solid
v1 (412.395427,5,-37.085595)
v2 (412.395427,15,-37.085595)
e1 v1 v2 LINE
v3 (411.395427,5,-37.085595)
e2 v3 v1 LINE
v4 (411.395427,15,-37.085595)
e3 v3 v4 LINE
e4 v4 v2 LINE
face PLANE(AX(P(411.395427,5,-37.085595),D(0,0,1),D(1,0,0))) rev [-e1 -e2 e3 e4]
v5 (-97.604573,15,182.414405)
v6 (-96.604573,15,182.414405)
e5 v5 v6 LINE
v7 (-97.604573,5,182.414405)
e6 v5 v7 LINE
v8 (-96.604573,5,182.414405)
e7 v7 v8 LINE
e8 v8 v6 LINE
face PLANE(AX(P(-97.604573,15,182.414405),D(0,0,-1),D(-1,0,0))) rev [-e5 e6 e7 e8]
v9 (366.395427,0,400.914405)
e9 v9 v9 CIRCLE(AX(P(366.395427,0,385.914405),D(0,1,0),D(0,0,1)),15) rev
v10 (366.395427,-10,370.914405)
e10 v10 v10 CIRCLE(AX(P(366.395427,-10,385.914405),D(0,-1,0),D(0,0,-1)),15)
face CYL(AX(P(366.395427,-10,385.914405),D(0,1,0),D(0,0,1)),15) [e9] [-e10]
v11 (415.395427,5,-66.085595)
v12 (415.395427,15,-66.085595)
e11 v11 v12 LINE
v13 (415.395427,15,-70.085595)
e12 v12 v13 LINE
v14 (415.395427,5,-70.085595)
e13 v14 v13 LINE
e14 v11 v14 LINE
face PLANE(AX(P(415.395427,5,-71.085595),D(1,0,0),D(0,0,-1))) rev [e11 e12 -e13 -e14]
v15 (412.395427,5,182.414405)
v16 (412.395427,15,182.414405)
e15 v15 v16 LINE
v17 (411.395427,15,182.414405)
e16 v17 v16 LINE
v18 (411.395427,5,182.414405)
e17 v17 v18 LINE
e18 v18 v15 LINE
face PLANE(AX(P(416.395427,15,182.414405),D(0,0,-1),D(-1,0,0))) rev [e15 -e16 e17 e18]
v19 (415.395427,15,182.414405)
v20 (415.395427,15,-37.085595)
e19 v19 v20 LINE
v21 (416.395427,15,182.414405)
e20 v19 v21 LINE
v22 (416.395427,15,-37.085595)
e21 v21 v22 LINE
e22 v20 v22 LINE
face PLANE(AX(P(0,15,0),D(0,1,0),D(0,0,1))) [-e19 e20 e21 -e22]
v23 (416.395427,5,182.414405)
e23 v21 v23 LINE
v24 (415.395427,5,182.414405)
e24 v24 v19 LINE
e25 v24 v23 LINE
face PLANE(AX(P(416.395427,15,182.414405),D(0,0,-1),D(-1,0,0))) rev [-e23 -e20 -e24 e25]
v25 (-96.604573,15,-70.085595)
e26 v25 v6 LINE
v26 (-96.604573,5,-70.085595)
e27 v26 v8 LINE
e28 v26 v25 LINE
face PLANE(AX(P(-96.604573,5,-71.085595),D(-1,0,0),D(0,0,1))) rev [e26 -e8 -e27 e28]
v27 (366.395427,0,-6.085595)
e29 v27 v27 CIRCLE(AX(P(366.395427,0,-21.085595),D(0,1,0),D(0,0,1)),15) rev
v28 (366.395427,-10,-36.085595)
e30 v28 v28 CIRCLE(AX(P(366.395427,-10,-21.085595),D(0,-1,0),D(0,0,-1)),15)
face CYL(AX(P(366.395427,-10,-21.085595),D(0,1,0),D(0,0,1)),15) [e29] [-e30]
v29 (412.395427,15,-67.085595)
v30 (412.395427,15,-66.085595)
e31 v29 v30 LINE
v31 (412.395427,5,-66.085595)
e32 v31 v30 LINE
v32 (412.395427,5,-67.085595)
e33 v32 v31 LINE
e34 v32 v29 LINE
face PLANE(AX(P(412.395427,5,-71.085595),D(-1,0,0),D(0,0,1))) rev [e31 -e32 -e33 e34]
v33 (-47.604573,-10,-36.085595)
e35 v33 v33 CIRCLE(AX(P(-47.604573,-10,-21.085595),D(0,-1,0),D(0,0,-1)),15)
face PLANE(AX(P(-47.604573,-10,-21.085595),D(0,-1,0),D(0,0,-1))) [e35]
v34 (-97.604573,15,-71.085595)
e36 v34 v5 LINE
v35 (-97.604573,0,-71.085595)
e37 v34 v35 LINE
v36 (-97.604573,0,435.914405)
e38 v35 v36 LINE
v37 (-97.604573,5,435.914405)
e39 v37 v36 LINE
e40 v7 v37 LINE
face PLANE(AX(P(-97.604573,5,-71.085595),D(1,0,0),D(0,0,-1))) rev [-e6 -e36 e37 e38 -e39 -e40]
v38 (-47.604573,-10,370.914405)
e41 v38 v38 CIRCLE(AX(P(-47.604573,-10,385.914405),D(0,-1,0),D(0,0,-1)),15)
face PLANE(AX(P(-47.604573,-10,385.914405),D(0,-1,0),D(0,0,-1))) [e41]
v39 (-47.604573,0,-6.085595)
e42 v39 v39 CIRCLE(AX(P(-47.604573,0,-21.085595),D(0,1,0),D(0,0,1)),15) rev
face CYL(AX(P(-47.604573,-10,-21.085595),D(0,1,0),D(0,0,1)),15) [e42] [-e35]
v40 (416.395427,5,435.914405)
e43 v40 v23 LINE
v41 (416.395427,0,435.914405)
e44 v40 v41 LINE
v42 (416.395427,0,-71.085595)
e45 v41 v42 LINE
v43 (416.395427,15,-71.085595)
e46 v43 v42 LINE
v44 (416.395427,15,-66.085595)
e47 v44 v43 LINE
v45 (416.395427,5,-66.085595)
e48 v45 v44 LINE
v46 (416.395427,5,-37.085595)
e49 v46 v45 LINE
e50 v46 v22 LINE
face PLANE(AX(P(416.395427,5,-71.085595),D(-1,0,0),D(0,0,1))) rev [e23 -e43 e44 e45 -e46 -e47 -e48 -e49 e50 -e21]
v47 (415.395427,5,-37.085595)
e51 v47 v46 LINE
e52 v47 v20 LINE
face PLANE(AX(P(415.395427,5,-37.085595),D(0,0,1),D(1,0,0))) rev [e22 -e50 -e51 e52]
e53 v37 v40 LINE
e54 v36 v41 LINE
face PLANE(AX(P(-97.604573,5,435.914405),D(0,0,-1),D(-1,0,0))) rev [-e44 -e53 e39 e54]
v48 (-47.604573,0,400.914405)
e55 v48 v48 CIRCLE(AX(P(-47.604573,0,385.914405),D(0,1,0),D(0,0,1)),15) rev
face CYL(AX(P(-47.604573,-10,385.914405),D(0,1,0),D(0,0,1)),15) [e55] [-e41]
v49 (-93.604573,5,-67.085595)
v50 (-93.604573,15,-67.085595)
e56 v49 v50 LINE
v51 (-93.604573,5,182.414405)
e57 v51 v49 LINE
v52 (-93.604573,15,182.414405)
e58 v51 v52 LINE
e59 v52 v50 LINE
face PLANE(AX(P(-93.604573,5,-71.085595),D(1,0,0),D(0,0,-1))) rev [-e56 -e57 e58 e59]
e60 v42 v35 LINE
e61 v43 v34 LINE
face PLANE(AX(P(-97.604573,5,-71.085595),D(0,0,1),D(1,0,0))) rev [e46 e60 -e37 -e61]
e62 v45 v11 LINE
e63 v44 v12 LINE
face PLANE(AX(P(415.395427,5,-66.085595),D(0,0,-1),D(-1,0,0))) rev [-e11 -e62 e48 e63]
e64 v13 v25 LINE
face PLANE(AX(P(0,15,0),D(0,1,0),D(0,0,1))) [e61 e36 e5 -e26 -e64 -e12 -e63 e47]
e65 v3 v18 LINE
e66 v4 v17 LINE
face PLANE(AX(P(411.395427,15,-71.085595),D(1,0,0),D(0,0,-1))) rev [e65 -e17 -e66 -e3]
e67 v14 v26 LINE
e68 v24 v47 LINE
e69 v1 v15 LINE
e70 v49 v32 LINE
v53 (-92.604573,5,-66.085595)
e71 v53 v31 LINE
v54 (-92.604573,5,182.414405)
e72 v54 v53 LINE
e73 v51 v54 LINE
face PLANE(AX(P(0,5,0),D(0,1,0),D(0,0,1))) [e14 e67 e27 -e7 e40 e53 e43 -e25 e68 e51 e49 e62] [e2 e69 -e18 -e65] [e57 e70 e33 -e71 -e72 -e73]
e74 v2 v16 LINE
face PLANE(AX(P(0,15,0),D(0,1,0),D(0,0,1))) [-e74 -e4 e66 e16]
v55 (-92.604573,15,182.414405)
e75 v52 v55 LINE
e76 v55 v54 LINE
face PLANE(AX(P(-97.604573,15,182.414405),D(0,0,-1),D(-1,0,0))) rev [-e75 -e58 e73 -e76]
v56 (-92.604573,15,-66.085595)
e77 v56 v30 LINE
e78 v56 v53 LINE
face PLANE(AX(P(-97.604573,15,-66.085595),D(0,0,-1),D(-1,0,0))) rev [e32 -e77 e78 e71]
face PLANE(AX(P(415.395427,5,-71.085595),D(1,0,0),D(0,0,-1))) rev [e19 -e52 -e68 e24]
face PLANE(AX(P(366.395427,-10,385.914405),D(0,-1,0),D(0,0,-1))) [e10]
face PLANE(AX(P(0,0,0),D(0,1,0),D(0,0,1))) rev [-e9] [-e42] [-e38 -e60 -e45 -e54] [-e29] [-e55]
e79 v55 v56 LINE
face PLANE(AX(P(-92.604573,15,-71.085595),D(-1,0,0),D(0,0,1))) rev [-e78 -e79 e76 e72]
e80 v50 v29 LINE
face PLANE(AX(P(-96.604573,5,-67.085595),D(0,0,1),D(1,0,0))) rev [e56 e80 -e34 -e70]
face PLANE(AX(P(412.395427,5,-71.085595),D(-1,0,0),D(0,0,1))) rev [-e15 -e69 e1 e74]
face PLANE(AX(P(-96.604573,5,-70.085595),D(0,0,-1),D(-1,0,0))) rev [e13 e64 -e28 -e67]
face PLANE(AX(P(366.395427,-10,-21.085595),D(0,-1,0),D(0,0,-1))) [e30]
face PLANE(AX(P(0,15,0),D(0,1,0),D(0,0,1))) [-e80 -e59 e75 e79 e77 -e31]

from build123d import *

# Parameters (mm, degrees)
ESBO_O1_W                = 514
ESBO_O1_H                = 507
RESSALTO_EXTRUS_O1_DEPTH = 5
ESBO_O2_W                = 5
ESBO_O2_H                = 253.5
RESSALTO_EXTRUS_O2_DEPTH = 10
ESBO_O6_W                = 5
ESBO_O6_H                = 253.5
RESSALTO_EXTRUS_O3_DEPTH = 10
ESBO_O7_W                = 3
ESBO_O7_H                = 253.5
CORTE_EXTRUS_O1_DEPTH    = 10
ESBO_O9_W                = 3
ESBO_O9_H                = 253.5
CORTE_EXTRUS_O3_DEPTH    = 10
ESBO_O10_W               = 514
ESBO_O10_H               = 5
RESSALTO_EXTRUS_O4_DEPTH = 10
ESBO_O15_W               = 512
ESBO_O15_H               = 3
CORTE_EXTRUS_O11_DEPTH   = 10
ESBO_O16_W               = 3
ESBO_O16_H               = 1
CORTE_EXTRUS_O12_DEPTH   = 10
ESBO_O20_R               = 15
RESSALTO_EXTRUS_O5_DEPTH = 10
ESBO_O21_W               = 1
ESBO_O21_H               = 29
CORTE_EXTRUS_O13_DEPTH   = 10


with BuildPart() as part:
    # Esboço1 → Ressalto-extrusão1 (new body)
    with BuildSketch(Plane(origin=(0, 0, 0), x_dir=(1, 0, 0), z_dir=(0, 1, 0))):
        with Locations((159.395426849, -182.414405214)):
            Rectangle(ESBO_O1_W, ESBO_O1_H)
    extrude(amount=RESSALTO_EXTRUS_O1_DEPTH)

    # Esboço2 → Ressalto-extrusão2 (add)
    with BuildSketch(Plane(origin=(0, 5, 0), x_dir=(1, 0, 0), z_dir=(0, 1, 0))):
        with Locations((-95.104573151, -55.664405214)):
            Rectangle(ESBO_O2_W, ESBO_O2_H)
    extrude(amount=RESSALTO_EXTRUS_O2_DEPTH)

    # Esboço6 → Ressalto-extrusão3 (add)
    with BuildSketch(Plane(origin=(0, 5, 0), x_dir=(1, 0, 0), z_dir=(0, 1, 0))):
        with Locations((413.895426849, -55.664405214)):
            Rectangle(ESBO_O6_W, ESBO_O6_H)
    extrude(amount=RESSALTO_EXTRUS_O3_DEPTH)

    # Esboço7 → Corte-extrusão1 (cut)
    with BuildSketch(Plane(origin=(0, 15, 0), x_dir=(1, 0, 0), z_dir=(0, 1, 0))):
        with Locations((-95.104573151, -55.664405214)):
            Rectangle(ESBO_O7_W, ESBO_O7_H)
    extrude(amount=-CORTE_EXTRUS_O1_DEPTH, mode=Mode.SUBTRACT)

    # Esboço9 → Corte-extrusão3 (cut)
    with BuildSketch(Plane(origin=(0, 15, 0), x_dir=(1, 0, 0), z_dir=(0, 1, 0))):
        with Locations((413.895426849, -55.664405214)):
            Rectangle(ESBO_O9_W, ESBO_O9_H)
    extrude(amount=-CORTE_EXTRUS_O3_DEPTH, mode=Mode.SUBTRACT)

    # Esboço10 → Ressalto-extrusão4 (add)
    with BuildSketch(Plane(origin=(0, 5, 0), x_dir=(1, 0, 0), z_dir=(0, 1, 0))):
        with Locations((159.395426849, 68.585594786)):
            Rectangle(ESBO_O10_W, ESBO_O10_H)
    extrude(amount=RESSALTO_EXTRUS_O4_DEPTH)

    # Esboço15 → Corte-extrusão11 (cut)
    with BuildSketch(Plane(origin=(0, 15, 0), x_dir=(1, 0, 0), z_dir=(0, 1, 0))):
        with Locations((159.395426849, 68.585594786)):
            Rectangle(ESBO_O15_W, ESBO_O15_H)
    extrude(amount=-CORTE_EXTRUS_O11_DEPTH, mode=Mode.SUBTRACT)

    # Esboço16 → Corte-extrusão12 (cut)
    with BuildSketch(Plane(origin=(0, 15, 0), x_dir=(1, 0, 0), z_dir=(0, 1, 0))):
        with Locations((413.895426849, 66.585594786)):
            Rectangle(ESBO_O16_W, ESBO_O16_H)
        with Locations((-95.104573151, 66.585594786)):
            Rectangle(ESBO_O16_W, ESBO_O16_H)
    extrude(amount=-CORTE_EXTRUS_O12_DEPTH, mode=Mode.SUBTRACT)

    # Esboço20 → Ressalto-extrusão5 (add)
    with BuildSketch(Plane.XZ):
        with Locations(Location((-47.604573151, 385.914405214, 0), (0, 0, 90))):
            Circle(ESBO_O20_R)
        with Locations(Location((366.395426849, 385.914405214, 0), (0, 0, 90))):
            Circle(ESBO_O20_R)
        with Locations(Location((366.395426849, -21.085594786, 0), (0, 0, 90))):
            Circle(ESBO_O20_R)
        with Locations(Location((-47.604573151, -21.085594786, 0), (0, 0, 90))):
            Circle(ESBO_O20_R)
    extrude(amount=RESSALTO_EXTRUS_O5_DEPTH)

    # Esboço21 → Corte-extrusão13 (cut)
    with BuildSketch(Plane(origin=(0, 15, 0), x_dir=(1, 0, 0), z_dir=(0, 1, 0))):
        with Locations((411.895426849, 51.585594786)):
            Rectangle(ESBO_O21_W, ESBO_O21_H)
        with Locations((415.895426849, 51.585594786)):
            Rectangle(ESBO_O21_W, ESBO_O21_H)
    extrude(amount=-CORTE_EXTRUS_O13_DEPTH, mode=Mode.SUBTRACT)


solid = part.part
